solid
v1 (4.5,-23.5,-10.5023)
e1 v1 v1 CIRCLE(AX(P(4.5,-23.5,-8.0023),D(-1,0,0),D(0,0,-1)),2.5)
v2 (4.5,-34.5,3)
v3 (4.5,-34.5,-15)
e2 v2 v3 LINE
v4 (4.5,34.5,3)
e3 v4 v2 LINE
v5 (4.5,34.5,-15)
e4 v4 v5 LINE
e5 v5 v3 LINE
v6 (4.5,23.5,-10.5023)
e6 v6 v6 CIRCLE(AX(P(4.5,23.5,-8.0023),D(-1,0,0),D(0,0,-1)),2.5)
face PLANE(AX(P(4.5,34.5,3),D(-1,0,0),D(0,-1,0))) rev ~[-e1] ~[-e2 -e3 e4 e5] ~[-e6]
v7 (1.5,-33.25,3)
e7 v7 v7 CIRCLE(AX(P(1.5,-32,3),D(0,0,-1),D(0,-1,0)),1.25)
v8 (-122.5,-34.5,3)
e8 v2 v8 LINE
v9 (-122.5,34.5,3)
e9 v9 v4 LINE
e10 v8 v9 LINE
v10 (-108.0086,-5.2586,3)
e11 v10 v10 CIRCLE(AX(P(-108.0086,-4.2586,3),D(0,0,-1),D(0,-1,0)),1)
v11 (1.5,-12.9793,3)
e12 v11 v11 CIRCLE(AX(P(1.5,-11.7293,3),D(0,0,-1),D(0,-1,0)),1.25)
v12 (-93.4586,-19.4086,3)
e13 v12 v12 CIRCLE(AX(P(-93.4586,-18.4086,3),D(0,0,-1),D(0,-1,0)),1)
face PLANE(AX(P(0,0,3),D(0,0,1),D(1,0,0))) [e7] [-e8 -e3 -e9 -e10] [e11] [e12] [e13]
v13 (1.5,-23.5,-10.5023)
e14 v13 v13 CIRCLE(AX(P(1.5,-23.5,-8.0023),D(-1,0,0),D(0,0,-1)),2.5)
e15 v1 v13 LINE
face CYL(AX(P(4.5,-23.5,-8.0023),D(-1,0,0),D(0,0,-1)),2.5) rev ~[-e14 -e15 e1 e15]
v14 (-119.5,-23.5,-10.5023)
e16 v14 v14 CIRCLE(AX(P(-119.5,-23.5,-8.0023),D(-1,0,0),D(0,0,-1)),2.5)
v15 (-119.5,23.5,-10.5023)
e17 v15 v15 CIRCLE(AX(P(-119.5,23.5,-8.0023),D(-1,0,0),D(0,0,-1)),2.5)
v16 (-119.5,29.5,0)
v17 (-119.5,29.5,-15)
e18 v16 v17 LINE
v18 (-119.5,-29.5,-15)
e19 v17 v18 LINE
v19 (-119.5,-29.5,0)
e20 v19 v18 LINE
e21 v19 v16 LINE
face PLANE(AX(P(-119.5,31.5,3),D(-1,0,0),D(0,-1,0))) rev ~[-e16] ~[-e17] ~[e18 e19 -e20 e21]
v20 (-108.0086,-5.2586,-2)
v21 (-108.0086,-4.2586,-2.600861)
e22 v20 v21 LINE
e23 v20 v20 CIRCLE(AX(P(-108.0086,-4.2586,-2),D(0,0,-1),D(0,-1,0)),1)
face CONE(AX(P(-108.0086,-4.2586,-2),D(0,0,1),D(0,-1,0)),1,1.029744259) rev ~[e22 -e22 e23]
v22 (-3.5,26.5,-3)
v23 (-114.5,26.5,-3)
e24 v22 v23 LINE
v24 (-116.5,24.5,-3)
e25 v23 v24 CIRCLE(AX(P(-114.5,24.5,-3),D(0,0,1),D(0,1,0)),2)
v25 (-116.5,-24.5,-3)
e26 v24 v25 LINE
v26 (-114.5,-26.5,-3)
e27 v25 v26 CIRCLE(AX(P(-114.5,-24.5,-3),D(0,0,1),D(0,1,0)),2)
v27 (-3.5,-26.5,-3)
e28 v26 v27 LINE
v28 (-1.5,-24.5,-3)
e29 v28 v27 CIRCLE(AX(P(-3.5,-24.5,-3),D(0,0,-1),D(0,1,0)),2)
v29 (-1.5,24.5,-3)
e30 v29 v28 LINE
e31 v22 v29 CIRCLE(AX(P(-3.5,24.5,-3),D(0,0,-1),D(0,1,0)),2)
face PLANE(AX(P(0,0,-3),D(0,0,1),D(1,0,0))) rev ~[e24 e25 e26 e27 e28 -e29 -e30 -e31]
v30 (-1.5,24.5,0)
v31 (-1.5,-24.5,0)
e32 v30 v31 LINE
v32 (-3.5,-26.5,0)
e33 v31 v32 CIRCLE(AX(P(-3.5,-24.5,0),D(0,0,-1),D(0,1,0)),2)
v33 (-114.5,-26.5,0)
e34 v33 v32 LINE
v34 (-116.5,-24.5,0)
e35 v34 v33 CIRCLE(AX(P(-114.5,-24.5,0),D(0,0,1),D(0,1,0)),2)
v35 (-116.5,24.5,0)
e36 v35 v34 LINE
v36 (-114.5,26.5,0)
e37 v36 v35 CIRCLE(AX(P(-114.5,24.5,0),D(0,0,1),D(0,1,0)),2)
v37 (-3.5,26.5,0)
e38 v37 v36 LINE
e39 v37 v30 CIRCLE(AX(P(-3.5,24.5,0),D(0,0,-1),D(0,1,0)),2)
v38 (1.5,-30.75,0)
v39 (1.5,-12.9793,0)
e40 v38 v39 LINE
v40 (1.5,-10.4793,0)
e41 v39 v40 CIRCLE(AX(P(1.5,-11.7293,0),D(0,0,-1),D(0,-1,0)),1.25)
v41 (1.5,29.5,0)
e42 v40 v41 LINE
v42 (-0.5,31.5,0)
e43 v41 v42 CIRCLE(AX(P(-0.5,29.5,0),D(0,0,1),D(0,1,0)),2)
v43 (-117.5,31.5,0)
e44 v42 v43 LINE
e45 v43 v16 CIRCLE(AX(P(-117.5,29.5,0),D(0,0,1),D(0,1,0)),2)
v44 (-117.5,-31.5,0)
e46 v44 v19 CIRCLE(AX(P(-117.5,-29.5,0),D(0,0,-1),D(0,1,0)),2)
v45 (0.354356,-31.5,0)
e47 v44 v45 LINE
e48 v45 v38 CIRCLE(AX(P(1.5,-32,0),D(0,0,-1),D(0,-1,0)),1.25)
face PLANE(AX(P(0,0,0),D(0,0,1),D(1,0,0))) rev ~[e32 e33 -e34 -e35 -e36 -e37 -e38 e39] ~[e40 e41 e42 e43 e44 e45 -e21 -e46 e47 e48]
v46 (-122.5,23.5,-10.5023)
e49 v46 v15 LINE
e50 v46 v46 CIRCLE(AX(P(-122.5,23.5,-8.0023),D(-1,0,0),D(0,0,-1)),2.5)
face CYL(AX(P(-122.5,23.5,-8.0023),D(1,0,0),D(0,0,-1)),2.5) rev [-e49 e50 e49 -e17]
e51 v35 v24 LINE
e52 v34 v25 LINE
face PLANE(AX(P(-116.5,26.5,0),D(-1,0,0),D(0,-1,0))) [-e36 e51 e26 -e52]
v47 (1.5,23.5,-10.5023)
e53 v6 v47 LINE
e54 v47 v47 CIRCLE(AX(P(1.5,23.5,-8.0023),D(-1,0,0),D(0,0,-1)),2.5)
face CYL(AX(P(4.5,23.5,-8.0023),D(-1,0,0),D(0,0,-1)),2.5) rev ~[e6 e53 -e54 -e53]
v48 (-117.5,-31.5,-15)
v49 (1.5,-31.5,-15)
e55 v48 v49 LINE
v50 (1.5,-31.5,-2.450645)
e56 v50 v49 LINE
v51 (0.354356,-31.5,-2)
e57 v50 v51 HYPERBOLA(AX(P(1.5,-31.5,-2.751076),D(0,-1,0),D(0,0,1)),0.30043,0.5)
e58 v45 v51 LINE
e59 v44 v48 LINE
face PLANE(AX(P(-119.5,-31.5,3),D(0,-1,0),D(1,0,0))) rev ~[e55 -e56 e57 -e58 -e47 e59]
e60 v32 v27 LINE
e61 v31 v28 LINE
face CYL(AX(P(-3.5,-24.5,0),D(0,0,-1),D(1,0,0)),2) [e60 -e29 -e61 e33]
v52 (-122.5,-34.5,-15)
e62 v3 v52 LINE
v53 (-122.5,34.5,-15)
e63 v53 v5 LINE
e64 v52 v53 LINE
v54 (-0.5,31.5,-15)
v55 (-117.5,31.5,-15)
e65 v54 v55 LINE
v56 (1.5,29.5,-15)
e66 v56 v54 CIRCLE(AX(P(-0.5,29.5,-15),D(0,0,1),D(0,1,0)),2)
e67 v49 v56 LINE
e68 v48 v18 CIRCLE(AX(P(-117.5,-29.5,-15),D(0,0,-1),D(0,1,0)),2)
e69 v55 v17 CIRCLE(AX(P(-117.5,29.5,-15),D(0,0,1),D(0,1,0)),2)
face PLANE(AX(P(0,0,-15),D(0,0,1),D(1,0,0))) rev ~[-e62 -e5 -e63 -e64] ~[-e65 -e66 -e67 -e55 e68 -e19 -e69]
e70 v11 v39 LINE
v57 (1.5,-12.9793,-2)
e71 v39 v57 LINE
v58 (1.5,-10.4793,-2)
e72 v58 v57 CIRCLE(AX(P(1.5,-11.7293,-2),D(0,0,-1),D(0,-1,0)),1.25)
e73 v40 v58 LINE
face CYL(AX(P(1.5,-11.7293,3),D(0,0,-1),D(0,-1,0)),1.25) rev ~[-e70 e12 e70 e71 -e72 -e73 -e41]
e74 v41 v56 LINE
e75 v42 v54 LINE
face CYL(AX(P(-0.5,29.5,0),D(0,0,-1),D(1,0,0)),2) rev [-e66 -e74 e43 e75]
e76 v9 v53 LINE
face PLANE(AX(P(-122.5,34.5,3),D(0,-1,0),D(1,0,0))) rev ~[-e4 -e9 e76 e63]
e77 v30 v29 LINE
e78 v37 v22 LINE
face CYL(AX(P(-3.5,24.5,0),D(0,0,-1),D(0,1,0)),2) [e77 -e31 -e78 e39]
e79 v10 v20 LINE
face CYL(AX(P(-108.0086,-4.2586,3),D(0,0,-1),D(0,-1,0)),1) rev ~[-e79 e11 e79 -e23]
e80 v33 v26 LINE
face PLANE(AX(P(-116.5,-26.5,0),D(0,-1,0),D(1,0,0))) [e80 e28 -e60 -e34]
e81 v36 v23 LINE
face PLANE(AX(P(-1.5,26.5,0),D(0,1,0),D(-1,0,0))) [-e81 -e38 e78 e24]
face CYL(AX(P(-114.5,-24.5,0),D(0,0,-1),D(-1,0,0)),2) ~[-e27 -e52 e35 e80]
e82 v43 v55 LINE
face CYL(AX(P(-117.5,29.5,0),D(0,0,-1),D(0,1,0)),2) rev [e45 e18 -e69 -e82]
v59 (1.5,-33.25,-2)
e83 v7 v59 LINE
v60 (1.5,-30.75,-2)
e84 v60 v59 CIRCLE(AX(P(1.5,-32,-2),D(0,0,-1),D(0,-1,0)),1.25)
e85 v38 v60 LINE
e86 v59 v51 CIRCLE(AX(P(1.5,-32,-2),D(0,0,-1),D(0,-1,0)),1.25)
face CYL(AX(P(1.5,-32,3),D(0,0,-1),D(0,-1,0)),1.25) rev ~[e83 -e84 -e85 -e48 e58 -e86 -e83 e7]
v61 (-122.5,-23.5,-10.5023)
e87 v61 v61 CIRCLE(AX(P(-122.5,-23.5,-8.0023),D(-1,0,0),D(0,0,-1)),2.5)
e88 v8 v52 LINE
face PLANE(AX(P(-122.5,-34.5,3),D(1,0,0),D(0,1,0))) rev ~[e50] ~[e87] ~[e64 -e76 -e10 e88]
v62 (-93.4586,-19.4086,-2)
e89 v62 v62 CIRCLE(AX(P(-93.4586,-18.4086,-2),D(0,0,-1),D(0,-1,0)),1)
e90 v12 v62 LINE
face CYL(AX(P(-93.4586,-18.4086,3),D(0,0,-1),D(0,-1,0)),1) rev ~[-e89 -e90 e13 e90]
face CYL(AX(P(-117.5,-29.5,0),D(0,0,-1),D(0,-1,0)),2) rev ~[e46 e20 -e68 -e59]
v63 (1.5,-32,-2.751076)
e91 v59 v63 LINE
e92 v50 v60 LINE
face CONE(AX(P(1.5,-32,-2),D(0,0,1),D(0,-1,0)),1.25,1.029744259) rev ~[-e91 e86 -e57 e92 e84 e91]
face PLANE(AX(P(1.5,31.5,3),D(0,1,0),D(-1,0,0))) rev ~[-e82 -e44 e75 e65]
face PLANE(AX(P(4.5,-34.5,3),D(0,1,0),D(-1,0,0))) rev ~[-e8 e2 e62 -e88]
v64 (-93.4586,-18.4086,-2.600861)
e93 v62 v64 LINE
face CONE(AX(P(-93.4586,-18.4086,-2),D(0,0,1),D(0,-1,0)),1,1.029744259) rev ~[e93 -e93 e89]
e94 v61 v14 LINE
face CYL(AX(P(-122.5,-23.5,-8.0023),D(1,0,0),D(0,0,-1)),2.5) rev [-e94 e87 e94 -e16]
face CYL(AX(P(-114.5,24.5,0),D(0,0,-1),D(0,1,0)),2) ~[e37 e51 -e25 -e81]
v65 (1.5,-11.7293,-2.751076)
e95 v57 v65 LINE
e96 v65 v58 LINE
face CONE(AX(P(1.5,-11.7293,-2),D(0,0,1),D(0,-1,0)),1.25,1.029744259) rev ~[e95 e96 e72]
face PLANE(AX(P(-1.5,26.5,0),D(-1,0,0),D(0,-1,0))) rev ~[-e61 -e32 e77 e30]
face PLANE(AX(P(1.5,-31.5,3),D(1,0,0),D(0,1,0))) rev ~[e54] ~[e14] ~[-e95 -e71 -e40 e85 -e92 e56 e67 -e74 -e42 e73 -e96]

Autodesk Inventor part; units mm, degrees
ref_plane "YZ Plane" through (0, 0, 0) normal (1, 0, 0) x (0, 1, 0)
ref_plane "XZ Plane" through (0, 0, 0) normal (0, 1, 0) x (-1, 0, 0)
ref_plane "XY Plane" through (0, 0, 0) normal (0, 0, 1) x (1, 0, 0)
sketch "Boceto1" plane through (0, 0, 0) normal (0, 0, 1) x (1, 0, 0)
  line L0 (-116.5, 26.5) -> (-116.5, -26.5) projected
  line L1 (-1.5, 26.5) -> (-1.5, -26.5) projected
  line L2 (-116.5, -26.5) -> (-1.5, -26.5)
  line L3 (-1.5, -26.5) -> (-1.5, 26.5)
  line L4 (-1.5, 26.5) -> (-116.5, 26.5)
  line L5 (-116.5, 26.5) -> (-116.5, -26.5)
  point P0 (0, 0)
extrude "interior" add sketch "Boceto1" against normal blind 3
sketch "Boceto2" plane through (0, 0, 0) normal (0, 0, 1) x (1, 0, 0)
  line L0 (-119.5, -31.5) -> (-119.5, 31.5) projected
  line L1 (1.5, -31.5) -> (1.5, 31.5) projected
  line L2 (-119.5, -31.5) -> (1.5, -31.5)
  line L3 (1.5, -31.5) -> (1.5, 31.5)
  line L4 (1.5, 31.5) -> (-119.5, 31.5)
  line L5 (-119.5, 31.5) -> (-119.5, -31.5)
  point P0 (0, 0)
extrude "superior" add sketch "Boceto2" along normal blind 3
sketch "Boceto3" plane through (0, 0, 3) normal (0, 0, 1) x (1, 0, 0)
  line L0 (-119.5, -31.5) -> (1.5, -31.5)
  line L1 (1.5, -31.5) -> (1.5, 31.5)
  line L2 (1.5, 31.5) -> (-119.5, 31.5)
  line L3 (-119.5, 31.5) -> (-119.5, -31.5)
  line L4 (-122.5, 34.5) -> (4.5, 34.5)
  line L5 (4.5, 34.5) -> (4.5, -34.5)
  line L6 (4.5, -34.5) -> (-122.5, -34.5)
  line L7 (-122.5, -34.5) -> (-122.5, 34.5)
  point P0 (0, 0)
  dimension "d4" = 3
extrude "laterales" add sketch "Boceto3" against normal blind 18
sketch "Boceto4" plane through (4.5, -34.5, 3) normal (1, 0, 0) x (0, 0, -1)
  circle A0 centre (11.0023, 11) radius 3 projected
  circle A1 centre (11.0023, 58) radius 2.5 projected
  point P0 (3, 34.5)
hole "Agujero1" at (4.5, -23.5, -8.0023) at (4.5, 23.5, -8.0023) direction (-1, 0, 0) diameter 5 depth 3
ref_plane "Plano de trabajo1" through (-59, -34.5, 3) normal (1, 0, 0) x (0, 0, -1)
mirror "Simetría1" about plane through (-59, -34.5, 3) normal (1, 0, 0) of "Agujero1"
sketch "Boceto5" plane through (0, 0, 3) normal (0, 0, 1) x (1, 0, 0)
  circle A0 centre (1.5, -32) radius 1.25 projected
  circle A1 centre (1.5, -11.7293) radius 1.25 projected
  point P0 (0, 0)
hole "Agujero2" at (1.5, -11.7293, 3) at (1.5, -32, 3) direction (0, 0, -1) diameter 2.5 depth 5 tip angle 118
sketch "Boceto6" plane through (0, 0, 3) normal (0, 0, 1) x (1, 0, 0)
  circle A0 centre (-108.0086, -4.2586) radius 1 projected
  circle A1 centre (-93.4586, -18.4086) radius 1 projected
  point P0 (0, 0)
hole "Agujero3" at (-108.0086, -4.2586, 3) at (-93.4586, -18.4086, 3) direction (0, 0, -1) diameter 2 depth 5 tip angle 118
fillet "Empalme1" radius 2 7 edges at (-116.5, -26.5, -1.5) (-116.5, 26.5, -1.5) (-1.5, 26.5, -1.5) (-1.5, -26.5, -1.5) (1.5, 31.5, -7.5) (-119.5, -31.5, -7.5) (-119.5, 31.5, -7.5)
properties part number "tapa"
